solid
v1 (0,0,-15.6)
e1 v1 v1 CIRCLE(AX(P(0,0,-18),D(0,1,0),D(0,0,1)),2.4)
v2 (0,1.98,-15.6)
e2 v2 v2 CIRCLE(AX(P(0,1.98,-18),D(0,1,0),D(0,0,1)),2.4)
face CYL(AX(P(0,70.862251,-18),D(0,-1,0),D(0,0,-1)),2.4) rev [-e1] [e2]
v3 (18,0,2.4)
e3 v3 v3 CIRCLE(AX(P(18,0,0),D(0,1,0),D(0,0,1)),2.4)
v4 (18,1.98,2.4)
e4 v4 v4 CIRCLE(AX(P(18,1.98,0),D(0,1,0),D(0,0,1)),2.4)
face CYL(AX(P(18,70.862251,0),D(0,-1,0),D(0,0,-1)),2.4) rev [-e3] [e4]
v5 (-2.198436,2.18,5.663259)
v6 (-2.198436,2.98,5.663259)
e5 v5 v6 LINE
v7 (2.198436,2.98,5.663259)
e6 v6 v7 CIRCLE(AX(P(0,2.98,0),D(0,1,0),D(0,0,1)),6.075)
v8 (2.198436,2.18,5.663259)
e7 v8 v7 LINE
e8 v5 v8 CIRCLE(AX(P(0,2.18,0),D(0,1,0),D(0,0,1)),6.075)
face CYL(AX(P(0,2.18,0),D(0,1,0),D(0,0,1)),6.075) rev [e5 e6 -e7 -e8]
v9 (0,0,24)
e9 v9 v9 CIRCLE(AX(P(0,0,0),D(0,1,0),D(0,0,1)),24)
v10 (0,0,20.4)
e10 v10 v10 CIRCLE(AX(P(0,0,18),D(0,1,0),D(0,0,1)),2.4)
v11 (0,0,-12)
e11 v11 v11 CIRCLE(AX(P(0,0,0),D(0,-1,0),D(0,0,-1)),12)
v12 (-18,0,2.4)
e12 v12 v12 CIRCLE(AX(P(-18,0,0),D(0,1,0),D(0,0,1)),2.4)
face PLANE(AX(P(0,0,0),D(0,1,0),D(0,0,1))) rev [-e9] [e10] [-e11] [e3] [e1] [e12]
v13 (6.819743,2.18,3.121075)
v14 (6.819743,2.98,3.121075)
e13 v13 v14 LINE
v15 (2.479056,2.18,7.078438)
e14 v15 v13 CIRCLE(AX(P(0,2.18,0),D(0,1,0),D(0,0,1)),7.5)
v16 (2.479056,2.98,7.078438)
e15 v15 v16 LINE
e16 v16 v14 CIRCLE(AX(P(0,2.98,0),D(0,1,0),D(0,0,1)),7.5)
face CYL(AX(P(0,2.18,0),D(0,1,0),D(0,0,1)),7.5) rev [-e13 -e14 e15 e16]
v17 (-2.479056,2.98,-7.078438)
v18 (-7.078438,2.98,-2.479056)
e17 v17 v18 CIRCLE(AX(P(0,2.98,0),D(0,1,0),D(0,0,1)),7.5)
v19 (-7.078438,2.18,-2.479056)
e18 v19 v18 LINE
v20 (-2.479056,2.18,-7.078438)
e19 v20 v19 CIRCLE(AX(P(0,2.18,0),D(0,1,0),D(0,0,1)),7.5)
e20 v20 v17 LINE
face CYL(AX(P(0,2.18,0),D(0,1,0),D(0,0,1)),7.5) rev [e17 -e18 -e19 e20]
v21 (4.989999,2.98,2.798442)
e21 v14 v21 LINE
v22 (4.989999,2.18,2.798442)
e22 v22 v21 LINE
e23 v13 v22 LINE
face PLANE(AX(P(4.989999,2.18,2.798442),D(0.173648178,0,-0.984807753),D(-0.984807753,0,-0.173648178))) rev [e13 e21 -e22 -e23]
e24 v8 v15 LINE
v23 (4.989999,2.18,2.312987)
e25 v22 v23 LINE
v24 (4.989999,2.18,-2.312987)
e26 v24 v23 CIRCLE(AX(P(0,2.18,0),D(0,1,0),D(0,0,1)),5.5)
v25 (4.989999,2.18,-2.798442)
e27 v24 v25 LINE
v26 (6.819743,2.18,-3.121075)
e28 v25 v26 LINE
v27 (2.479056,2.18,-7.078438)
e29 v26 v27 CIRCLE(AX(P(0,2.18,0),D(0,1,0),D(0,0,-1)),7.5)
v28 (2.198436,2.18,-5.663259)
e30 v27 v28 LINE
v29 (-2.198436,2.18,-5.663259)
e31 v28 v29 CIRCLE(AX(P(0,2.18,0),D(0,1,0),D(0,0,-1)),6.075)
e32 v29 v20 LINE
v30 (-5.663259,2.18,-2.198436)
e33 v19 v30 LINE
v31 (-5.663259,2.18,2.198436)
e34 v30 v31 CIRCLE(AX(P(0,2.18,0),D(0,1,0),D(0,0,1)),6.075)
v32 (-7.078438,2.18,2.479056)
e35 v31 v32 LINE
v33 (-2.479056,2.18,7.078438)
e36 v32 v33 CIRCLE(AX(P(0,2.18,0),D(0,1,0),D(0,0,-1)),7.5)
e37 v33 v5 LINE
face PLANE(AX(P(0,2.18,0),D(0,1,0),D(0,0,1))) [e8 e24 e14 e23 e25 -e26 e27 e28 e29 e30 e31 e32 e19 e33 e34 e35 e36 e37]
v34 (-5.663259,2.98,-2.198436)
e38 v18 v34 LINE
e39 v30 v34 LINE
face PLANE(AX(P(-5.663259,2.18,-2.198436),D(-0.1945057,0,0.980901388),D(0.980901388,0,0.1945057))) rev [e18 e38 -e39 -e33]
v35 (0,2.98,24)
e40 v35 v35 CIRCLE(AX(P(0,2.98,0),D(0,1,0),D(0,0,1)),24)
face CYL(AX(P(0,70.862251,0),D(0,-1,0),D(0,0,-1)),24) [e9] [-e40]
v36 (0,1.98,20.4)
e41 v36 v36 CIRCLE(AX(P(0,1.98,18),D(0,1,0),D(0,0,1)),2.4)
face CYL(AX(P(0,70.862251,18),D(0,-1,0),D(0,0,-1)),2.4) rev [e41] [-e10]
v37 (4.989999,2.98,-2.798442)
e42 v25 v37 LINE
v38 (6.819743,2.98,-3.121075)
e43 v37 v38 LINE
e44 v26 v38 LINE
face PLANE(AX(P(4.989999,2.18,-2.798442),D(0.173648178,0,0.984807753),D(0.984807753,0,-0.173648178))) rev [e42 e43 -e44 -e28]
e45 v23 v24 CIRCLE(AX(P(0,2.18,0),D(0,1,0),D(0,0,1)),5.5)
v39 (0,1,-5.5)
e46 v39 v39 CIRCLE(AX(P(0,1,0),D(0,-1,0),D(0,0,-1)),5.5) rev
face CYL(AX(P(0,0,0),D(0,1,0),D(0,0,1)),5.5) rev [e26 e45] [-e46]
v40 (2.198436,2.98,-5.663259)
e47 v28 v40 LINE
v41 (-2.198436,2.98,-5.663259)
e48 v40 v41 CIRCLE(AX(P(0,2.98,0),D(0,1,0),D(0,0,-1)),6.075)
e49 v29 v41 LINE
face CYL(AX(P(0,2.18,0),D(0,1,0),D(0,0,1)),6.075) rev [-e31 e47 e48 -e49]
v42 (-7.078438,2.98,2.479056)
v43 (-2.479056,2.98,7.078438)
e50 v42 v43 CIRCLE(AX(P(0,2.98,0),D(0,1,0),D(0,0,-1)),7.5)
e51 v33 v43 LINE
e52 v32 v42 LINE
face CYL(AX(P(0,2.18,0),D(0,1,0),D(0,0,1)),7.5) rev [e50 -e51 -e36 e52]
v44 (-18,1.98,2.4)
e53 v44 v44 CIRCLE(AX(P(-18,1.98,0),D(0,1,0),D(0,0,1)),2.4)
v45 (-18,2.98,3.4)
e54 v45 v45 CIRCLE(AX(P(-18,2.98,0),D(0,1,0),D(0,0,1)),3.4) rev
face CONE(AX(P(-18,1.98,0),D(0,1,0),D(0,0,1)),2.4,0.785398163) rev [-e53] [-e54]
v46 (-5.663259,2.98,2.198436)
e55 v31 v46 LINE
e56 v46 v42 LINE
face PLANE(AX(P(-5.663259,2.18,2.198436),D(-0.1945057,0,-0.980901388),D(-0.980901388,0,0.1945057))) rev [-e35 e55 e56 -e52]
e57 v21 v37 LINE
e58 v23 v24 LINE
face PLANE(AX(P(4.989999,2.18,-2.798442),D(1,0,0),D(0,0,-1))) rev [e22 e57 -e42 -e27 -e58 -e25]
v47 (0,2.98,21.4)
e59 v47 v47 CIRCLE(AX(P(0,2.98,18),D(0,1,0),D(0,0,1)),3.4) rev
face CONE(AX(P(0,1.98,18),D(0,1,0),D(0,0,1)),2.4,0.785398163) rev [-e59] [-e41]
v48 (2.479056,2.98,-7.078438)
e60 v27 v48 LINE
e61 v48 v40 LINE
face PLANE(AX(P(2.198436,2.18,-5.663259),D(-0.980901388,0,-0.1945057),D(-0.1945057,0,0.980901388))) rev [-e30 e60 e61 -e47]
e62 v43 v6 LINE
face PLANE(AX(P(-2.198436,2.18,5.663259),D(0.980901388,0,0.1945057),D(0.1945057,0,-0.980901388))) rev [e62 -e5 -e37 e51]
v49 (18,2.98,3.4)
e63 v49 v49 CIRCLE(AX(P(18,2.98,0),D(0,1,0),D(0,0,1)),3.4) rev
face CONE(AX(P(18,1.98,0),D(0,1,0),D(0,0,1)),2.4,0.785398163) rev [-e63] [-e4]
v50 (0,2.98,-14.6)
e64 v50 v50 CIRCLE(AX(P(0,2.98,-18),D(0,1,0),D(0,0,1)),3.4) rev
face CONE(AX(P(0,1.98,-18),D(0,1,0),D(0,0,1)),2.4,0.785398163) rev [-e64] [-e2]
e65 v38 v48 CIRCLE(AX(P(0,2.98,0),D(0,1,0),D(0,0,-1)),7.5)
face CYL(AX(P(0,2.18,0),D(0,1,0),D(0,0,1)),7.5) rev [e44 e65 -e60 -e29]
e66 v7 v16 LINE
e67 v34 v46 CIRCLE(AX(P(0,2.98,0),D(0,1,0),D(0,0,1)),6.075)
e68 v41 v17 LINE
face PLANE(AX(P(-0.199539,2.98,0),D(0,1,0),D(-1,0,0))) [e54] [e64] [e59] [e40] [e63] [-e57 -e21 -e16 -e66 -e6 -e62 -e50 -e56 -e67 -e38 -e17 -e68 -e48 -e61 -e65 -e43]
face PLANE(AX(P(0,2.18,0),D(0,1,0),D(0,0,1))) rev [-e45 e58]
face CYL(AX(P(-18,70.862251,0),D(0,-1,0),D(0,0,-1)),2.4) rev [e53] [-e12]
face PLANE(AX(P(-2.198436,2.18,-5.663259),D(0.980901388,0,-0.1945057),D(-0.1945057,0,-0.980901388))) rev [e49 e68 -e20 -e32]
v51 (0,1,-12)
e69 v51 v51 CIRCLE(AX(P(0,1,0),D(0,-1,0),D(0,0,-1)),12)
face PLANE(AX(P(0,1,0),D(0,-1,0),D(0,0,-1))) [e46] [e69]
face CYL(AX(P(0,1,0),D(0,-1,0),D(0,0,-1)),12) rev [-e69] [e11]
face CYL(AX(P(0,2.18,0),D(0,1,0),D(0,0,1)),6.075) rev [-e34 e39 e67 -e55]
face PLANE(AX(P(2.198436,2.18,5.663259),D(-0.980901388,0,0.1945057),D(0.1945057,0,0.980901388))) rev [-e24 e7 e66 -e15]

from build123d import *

# Parameters (mm, degrees)
SKETCH1_R           = 24
SKETCH1_R_2         = 2.4
BOSS_EXTRUDE1_DEPTH = 2.98
CUT_EXTRUDE1_DEPTH  = 0.8
SKETCH3_R           = 5.5
CUT_EXTRUDE2_DEPTH  = 35.011062906
CHAMFER1_SIZE       = 1
SKETCH4_R           = 12
CUT_EXTRUDE3_DEPTH  = 1


with BuildPart() as part:
    # Sketch1 → Boss-Extrude1 (new body)
    with BuildSketch(Plane(origin=(0, 0, 0), x_dir=(1, 0, 0), z_dir=(0, 1, 0))):
        with Locations(Location((0, 0, 0), (0, 0, 270))):
            Circle(SKETCH1_R)
        with Locations(Location((0, 18, 0), (0, 0, 270))):
            Circle(SKETCH1_R_2, mode=Mode.SUBTRACT)
        with Locations(Location((-18, 0, 0), (0, 0, 270))):
            Circle(SKETCH1_R_2, mode=Mode.SUBTRACT)
        with Locations(Location((0, -18, 0), (0, 0, 270))):
            Circle(SKETCH1_R_2, mode=Mode.SUBTRACT)
        with Locations(Location((18, 0, 0), (0, 0, 270))):
            Circle(SKETCH1_R_2, mode=Mode.SUBTRACT)
    extrude(amount=BOSS_EXTRUDE1_DEPTH)

    # Sketch2 → Cut-Extrude1 (cut)
    with BuildSketch(Plane(origin=(0, 2.98, 0), x_dir=(1, 0, 0), z_dir=(0, 1, 0))):
        with BuildLine():
            Line((4.989999, 2.798442301), (4.989999, -2.798442301))
            Line((4.989999, -2.798442301), (6.819742519, -3.121075451))
            ThreePointArc((6.819742519, -3.121075451), (5.052929001, -5.542373906), (2.479055714, -7.078437876))
            Line((2.479055714, -7.078437876), (2.198435941, -5.663259169))
            ThreePointArc((2.198435941, -5.663259169), (0, -6.075), (-2.198435941, -5.663259169))
            Line((-2.198435941, -5.663259169), (-2.479055714, -7.078437876))
            ThreePointArc((-2.479055714, -7.078437876), (-5.303300859, -5.303300859), (-7.078437876, -2.479055714))
            Line((-7.078437876, -2.479055714), (-5.663259169, -2.198435941))
            ThreePointArc((-5.663259169, -2.198435941), (-6.075, 0), (-5.663259169, 2.198435941))
            Line((-5.663259169, 2.198435941), (-7.078437876, 2.479055714))
            ThreePointArc((-7.078437876, 2.479055714), (-5.303300859, 5.303300859), (-2.479055714, 7.078437876))
            Line((-2.479055714, 7.078437876), (-2.198435941, 5.663259169))
            ThreePointArc((-2.198435941, 5.663259169), (0, 6.075), (2.198435941, 5.663259169))
            Line((2.198435941, 5.663259169), (2.479055714, 7.078437876))
            ThreePointArc((2.479055714, 7.078437876), (5.052929001, 5.542373906), (6.819742519, 3.121075451))
            Line((6.819742519, 3.121075451), (4.989999, 2.798442301))
        make_face()
    extrude(amount=-CUT_EXTRUDE1_DEPTH, mode=Mode.SUBTRACT)

    # Sketch3 → Cut-Extrude2 (cut, through all)
    with BuildSketch(Plane(origin=(0, 2.18, 0), x_dir=(1, 0, 0), z_dir=(0, 1, 0))):
        with Locations(Location((0, 0, 0), (0, 0, 270))):
            Circle(SKETCH3_R)
    extrude(amount=-CUT_EXTRUDE2_DEPTH, mode=Mode.SUBTRACT)

    # Chamfer1
    chamfer1_edges = [part.edges().sort_by_distance(p)[0] for p in [
        (0, 2.98, -20.4),
        (-18, 2.98, -2.4),
        (0, 2.98, 15.6),
        (18, 2.98, -2.4),
    ]]
    chamfer(chamfer1_edges, length=CHAMFER1_SIZE)

    # Sketch4 → Cut-Extrude3 (cut)
    with BuildSketch(Plane.XZ):
        with Locations(Location((0, 0, 0), (0, 0, 270))):
            Circle(SKETCH4_R)
    extrude(amount=-CUT_EXTRUDE3_DEPTH, mode=Mode.SUBTRACT)


solid = part.part
